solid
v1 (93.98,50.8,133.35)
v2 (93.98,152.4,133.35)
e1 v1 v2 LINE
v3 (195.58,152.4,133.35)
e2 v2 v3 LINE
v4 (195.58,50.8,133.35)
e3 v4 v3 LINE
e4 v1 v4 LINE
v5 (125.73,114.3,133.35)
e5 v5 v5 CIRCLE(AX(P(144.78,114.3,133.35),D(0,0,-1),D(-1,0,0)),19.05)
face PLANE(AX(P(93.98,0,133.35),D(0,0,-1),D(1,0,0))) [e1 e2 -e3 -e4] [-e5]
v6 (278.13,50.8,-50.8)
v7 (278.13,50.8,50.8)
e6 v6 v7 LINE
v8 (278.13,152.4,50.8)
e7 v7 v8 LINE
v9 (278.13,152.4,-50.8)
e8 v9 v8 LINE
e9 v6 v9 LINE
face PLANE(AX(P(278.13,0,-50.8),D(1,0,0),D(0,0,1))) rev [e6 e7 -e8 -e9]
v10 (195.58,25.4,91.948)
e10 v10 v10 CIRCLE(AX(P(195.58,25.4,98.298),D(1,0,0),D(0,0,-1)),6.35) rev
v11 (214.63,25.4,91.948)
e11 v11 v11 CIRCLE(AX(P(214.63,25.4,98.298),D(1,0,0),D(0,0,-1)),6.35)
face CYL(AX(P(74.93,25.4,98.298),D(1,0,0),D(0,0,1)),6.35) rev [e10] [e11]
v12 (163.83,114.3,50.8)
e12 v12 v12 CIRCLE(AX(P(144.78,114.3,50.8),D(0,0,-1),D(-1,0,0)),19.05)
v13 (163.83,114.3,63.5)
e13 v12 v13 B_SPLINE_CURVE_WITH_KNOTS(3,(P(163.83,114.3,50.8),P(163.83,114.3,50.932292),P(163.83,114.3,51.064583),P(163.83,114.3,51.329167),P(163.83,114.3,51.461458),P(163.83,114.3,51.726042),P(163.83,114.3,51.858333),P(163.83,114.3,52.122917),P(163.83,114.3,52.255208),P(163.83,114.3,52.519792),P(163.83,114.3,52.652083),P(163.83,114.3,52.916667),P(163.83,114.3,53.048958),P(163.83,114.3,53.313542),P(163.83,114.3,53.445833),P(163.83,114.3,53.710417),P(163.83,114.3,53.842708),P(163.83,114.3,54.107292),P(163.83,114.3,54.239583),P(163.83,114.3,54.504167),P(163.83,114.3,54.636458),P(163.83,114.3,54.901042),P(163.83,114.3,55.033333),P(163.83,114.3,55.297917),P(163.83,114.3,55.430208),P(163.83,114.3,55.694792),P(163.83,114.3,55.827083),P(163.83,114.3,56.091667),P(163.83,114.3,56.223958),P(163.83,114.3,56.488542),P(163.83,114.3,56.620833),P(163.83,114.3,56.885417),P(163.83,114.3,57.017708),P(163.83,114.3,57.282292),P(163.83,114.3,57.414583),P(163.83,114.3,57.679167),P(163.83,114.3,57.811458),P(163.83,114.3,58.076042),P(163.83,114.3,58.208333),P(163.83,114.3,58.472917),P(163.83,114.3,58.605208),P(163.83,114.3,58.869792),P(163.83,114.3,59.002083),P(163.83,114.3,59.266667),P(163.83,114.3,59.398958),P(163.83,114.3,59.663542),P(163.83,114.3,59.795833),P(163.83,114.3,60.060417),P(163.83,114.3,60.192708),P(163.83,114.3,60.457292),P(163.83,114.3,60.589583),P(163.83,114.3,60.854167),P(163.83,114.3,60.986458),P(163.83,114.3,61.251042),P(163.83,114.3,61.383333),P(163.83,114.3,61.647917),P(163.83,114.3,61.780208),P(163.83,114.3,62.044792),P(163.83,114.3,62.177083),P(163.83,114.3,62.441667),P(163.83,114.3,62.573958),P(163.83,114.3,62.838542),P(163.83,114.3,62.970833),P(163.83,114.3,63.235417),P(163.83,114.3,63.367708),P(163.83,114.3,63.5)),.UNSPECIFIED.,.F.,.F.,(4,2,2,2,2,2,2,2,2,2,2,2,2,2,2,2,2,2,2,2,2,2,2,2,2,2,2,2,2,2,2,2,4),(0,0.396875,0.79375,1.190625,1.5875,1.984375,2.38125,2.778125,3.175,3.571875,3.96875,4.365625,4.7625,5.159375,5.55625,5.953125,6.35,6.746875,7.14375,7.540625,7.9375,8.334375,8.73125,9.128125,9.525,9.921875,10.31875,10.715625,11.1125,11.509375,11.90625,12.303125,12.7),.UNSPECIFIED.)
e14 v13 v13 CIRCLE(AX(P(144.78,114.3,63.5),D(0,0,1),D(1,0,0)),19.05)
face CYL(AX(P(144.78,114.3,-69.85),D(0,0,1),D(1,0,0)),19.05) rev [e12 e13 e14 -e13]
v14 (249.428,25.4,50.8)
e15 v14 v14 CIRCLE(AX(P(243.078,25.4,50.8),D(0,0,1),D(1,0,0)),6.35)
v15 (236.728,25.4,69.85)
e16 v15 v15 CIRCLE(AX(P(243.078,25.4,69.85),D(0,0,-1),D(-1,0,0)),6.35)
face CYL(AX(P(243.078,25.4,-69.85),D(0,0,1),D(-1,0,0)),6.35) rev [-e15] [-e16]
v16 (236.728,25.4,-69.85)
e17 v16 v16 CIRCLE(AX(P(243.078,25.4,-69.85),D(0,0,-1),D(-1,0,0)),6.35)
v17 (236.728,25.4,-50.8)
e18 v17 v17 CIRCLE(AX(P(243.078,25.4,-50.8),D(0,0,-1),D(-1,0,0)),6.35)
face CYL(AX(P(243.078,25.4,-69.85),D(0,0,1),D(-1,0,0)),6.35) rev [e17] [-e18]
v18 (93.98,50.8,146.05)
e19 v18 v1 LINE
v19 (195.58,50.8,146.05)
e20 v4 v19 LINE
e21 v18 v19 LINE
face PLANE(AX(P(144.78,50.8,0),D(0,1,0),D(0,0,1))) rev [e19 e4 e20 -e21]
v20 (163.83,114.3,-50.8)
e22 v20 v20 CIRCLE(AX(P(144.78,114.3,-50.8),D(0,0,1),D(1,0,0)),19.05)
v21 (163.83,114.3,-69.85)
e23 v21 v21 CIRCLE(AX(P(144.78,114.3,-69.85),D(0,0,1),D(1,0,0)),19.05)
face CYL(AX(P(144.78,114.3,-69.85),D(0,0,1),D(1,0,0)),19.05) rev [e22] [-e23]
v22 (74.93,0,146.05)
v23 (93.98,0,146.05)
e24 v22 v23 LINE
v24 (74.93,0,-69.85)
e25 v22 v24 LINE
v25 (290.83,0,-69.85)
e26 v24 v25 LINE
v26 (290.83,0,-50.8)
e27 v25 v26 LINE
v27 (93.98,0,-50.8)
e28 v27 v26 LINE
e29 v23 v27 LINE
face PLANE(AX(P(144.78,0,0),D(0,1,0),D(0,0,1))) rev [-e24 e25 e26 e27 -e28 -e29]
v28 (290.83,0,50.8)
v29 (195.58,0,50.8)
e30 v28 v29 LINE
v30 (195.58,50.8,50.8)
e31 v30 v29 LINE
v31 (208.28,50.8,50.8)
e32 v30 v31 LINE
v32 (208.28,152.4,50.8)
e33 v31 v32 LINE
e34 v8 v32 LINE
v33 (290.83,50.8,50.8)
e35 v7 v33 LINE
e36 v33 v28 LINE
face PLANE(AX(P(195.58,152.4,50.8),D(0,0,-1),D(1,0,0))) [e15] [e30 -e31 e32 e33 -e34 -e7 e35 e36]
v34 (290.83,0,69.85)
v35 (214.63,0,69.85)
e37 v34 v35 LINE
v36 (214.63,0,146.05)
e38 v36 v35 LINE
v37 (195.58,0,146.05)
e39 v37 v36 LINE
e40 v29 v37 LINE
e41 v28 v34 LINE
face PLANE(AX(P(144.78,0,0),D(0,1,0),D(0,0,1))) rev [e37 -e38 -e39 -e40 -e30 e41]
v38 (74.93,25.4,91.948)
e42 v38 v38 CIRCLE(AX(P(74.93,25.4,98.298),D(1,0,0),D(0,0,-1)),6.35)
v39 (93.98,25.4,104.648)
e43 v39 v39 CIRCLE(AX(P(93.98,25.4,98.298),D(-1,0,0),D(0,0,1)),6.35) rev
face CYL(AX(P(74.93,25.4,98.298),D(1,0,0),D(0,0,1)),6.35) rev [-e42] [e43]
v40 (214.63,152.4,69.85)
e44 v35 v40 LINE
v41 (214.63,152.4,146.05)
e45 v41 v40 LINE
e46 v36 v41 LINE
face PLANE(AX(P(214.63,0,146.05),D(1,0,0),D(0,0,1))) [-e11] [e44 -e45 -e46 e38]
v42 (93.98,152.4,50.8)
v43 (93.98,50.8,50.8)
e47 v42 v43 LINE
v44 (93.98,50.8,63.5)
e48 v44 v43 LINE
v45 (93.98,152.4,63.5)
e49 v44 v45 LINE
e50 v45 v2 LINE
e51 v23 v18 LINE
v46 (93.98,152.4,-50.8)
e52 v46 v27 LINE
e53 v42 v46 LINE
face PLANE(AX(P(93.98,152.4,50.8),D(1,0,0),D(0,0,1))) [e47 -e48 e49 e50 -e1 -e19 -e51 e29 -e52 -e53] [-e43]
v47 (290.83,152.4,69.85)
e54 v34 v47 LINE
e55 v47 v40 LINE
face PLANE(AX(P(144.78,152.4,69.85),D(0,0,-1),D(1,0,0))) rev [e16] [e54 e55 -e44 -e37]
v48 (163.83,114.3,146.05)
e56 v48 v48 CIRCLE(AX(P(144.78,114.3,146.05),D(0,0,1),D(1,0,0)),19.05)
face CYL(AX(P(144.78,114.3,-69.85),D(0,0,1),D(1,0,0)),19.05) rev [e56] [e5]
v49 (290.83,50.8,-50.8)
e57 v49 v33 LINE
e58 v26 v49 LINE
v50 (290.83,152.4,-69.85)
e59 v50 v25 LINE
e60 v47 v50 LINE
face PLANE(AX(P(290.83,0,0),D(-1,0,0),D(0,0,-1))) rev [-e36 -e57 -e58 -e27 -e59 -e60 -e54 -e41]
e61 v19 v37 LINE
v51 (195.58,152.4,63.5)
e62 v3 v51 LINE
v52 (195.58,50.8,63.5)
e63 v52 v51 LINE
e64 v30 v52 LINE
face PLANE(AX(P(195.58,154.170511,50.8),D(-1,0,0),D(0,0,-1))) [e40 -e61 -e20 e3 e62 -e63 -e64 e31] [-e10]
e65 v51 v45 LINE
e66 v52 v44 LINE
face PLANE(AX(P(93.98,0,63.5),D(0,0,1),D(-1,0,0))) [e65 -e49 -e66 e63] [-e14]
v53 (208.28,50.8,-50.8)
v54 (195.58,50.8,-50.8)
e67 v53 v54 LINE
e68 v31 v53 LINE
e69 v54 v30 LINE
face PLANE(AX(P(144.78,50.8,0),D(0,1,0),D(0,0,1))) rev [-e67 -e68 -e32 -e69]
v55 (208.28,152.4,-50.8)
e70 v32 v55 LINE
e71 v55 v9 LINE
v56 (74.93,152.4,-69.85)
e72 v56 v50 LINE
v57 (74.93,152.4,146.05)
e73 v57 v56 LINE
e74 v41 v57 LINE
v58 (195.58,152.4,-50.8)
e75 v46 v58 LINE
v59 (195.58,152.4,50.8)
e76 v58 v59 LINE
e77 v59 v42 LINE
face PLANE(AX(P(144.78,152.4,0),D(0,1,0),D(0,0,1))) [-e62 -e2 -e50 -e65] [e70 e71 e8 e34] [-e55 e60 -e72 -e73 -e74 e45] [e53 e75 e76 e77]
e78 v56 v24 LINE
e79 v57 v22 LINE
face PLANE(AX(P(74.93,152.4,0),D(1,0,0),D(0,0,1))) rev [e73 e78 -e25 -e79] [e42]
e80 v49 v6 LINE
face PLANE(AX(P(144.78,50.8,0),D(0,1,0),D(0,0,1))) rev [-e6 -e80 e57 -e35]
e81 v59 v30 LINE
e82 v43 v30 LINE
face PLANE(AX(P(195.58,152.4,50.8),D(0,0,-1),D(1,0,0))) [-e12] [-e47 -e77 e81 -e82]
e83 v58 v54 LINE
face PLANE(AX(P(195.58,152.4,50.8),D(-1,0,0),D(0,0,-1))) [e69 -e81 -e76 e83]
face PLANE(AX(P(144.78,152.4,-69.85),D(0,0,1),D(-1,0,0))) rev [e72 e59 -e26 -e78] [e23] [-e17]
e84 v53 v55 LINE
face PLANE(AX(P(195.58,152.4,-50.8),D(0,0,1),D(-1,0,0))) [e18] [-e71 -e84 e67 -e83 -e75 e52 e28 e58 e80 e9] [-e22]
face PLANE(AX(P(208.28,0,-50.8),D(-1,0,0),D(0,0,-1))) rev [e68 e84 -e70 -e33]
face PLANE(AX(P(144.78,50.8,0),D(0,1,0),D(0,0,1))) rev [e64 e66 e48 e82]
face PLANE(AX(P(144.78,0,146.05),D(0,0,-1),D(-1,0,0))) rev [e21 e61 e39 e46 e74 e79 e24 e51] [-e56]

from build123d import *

# Parameters (mm, degrees)
SKETCH1_W               = 139.7
SKETCH1_H               = 139.7
SKETCH1_W_2             = 101.6
SKETCH1_H_2             = 101.6
EXTRUDE_THIN1_DEPTH     = 152.4
CUT_EXTRUDE2_START      = -50.8
SKETCH3_W               = 19.05
SKETCH3_H               = 101.6
CUT_EXTRUDE2_DEPTH      = 50.8
BOSS_EXTRUDE2_DEPTH     = 76.2
SKETCH6_W               = 69.85
SKETCH6_H               = 101.6
CUT_EXTRUDE3_DEPTH      = 223.34069578
SKETCH8_R               = 6.35
CUT_EXTRUDE4_DEPTH      = 254.125369136
SKETCH9_W               = 215.9
SKETCH9_H               = 152.4
CUT_EXTRUDE5_DEPTH      = 304.76371755
CUT_EXTRUDE6_DEPTH      = 355.386895074
CUT_EXTRUDE6_DEPTH_BACK = 355.386895074
SKETCH11_R              = 19.05


with BuildPart() as part:
    # Sketch1 → Extrude-Thin1 (new body)
    with BuildSketch(Plane(origin=(0, 0, 0), x_dir=(1, 0, 0), z_dir=(0, 1, 0))):
        Rectangle(SKETCH1_W, SKETCH1_H)
        Rectangle(SKETCH1_W_2, SKETCH1_H_2, mode=Mode.SUBTRACT)
    extrude(amount=EXTRUDE_THIN1_DEPTH)

    # Sketch3 → Cut-Extrude2 (cut)
    with BuildSketch(Plane.XZ.offset(CUT_EXTRUDE2_START)):
        with Locations((-60.325, 0)):
            Rectangle(SKETCH3_W, SKETCH3_H)
    cut_extrude2 = extrude(amount=CUT_EXTRUDE2_DEPTH, mode=Mode.SUBTRACT)

    # Sketch5 → Boss-Extrude2 (add)
    with BuildSketch(Plane.ZY.offset(69.85)):
        Polygon((-50.8, 50.8), (50.8, 50.8), (50.8, 0), (69.85, 0), (69.85, 152.4), (-69.85, 152.4), (-69.85, 0), (-50.8, 0), align=None)
    boss_extrude2 = extrude(amount=BOSS_EXTRUDE2_DEPTH)

    # Sketch6 → Cut-Extrude3 (cut, through all)
    with BuildSketch(Plane(origin=(0, 152.4, 0), x_dir=(1, 0, 0), z_dir=(0, 1, 0))):
        with Locations((-98.425, 0)):
            Rectangle(SKETCH6_W, SKETCH6_H)
    cut_extrude3 = extrude(amount=-CUT_EXTRUDE3_DEPTH, mode=Mode.SUBTRACT)

    # Sketch8 → Cut-Extrude4 (cut, through all)
    with BuildSketch(Plane.XY.offset(69.85)):
        with Locations((-98.298, 25.4)):
            Circle(SKETCH8_R)
    cut_extrude4 = extrude(amount=-CUT_EXTRUDE4_DEPTH, mode=Mode.SUBTRACT)

    # Mirror3: Cut-Extrude2, Boss-Extrude2, Cut-Extrude3, Cut-Extrude4 across plane
    add(cut_extrude2.mirror(Plane(origin=(0, 0, 0), x_dir=(-0.7071067811865476, 0, 0.7071067811865476), z_dir=(-0.7071067811865477, 0, -0.7071067811865475))), mode=Mode.SUBTRACT)
    add(boss_extrude2.mirror(Plane(origin=(0, 0, 0), x_dir=(-0.7071067811865476, 0, 0.7071067811865476), z_dir=(-0.7071067811865477, 0, -0.7071067811865475))))
    add(cut_extrude3.mirror(Plane(origin=(0, 0, 0), x_dir=(-0.7071067811865476, 0, 0.7071067811865476), z_dir=(-0.7071067811865477, 0, -0.7071067811865475))), mode=Mode.SUBTRACT)
    add(cut_extrude4.mirror(Plane(origin=(0, 0, 0), x_dir=(-0.7071067811865476, 0, 0.7071067811865476), z_dir=(-0.7071067811865477, 0, -0.7071067811865475))), mode=Mode.SUBTRACT)


with BuildPart() as body_2:
    # Mirror5: mirrored copy
    add(part.part.mirror(Plane(origin=(72.39, 0, 0), x_dir=(0, 0, 1), z_dir=(1, 0, 0))))

    # Sketch11 → Cut-Extrude6 (cut, two sides: drawn at the far end of the back side and taken through both)
    with BuildSketch(Plane.XY.offset(63.5).offset(-CUT_EXTRUDE6_DEPTH_BACK)):
        with Locations((144.78, 114.3)):
            Circle(SKETCH11_R)
    extrude(amount=CUT_EXTRUDE6_DEPTH + CUT_EXTRUDE6_DEPTH_BACK, mode=Mode.SUBTRACT)


with BuildPart() as part_1:
    add(part.part)

    # Sketch9 → Cut-Extrude5 (cut, through all)
    with BuildSketch(Plane(origin=(72.39, 0, 0), x_dir=(0, 0, -1), z_dir=(1, 0, 0))):
        with Locations((-38.1, 76.2)):
            Rectangle(SKETCH9_W, SKETCH9_H)
    extrude(amount=-CUT_EXTRUDE5_DEPTH, mode=Mode.SUBTRACT)


solid = body_2.part
